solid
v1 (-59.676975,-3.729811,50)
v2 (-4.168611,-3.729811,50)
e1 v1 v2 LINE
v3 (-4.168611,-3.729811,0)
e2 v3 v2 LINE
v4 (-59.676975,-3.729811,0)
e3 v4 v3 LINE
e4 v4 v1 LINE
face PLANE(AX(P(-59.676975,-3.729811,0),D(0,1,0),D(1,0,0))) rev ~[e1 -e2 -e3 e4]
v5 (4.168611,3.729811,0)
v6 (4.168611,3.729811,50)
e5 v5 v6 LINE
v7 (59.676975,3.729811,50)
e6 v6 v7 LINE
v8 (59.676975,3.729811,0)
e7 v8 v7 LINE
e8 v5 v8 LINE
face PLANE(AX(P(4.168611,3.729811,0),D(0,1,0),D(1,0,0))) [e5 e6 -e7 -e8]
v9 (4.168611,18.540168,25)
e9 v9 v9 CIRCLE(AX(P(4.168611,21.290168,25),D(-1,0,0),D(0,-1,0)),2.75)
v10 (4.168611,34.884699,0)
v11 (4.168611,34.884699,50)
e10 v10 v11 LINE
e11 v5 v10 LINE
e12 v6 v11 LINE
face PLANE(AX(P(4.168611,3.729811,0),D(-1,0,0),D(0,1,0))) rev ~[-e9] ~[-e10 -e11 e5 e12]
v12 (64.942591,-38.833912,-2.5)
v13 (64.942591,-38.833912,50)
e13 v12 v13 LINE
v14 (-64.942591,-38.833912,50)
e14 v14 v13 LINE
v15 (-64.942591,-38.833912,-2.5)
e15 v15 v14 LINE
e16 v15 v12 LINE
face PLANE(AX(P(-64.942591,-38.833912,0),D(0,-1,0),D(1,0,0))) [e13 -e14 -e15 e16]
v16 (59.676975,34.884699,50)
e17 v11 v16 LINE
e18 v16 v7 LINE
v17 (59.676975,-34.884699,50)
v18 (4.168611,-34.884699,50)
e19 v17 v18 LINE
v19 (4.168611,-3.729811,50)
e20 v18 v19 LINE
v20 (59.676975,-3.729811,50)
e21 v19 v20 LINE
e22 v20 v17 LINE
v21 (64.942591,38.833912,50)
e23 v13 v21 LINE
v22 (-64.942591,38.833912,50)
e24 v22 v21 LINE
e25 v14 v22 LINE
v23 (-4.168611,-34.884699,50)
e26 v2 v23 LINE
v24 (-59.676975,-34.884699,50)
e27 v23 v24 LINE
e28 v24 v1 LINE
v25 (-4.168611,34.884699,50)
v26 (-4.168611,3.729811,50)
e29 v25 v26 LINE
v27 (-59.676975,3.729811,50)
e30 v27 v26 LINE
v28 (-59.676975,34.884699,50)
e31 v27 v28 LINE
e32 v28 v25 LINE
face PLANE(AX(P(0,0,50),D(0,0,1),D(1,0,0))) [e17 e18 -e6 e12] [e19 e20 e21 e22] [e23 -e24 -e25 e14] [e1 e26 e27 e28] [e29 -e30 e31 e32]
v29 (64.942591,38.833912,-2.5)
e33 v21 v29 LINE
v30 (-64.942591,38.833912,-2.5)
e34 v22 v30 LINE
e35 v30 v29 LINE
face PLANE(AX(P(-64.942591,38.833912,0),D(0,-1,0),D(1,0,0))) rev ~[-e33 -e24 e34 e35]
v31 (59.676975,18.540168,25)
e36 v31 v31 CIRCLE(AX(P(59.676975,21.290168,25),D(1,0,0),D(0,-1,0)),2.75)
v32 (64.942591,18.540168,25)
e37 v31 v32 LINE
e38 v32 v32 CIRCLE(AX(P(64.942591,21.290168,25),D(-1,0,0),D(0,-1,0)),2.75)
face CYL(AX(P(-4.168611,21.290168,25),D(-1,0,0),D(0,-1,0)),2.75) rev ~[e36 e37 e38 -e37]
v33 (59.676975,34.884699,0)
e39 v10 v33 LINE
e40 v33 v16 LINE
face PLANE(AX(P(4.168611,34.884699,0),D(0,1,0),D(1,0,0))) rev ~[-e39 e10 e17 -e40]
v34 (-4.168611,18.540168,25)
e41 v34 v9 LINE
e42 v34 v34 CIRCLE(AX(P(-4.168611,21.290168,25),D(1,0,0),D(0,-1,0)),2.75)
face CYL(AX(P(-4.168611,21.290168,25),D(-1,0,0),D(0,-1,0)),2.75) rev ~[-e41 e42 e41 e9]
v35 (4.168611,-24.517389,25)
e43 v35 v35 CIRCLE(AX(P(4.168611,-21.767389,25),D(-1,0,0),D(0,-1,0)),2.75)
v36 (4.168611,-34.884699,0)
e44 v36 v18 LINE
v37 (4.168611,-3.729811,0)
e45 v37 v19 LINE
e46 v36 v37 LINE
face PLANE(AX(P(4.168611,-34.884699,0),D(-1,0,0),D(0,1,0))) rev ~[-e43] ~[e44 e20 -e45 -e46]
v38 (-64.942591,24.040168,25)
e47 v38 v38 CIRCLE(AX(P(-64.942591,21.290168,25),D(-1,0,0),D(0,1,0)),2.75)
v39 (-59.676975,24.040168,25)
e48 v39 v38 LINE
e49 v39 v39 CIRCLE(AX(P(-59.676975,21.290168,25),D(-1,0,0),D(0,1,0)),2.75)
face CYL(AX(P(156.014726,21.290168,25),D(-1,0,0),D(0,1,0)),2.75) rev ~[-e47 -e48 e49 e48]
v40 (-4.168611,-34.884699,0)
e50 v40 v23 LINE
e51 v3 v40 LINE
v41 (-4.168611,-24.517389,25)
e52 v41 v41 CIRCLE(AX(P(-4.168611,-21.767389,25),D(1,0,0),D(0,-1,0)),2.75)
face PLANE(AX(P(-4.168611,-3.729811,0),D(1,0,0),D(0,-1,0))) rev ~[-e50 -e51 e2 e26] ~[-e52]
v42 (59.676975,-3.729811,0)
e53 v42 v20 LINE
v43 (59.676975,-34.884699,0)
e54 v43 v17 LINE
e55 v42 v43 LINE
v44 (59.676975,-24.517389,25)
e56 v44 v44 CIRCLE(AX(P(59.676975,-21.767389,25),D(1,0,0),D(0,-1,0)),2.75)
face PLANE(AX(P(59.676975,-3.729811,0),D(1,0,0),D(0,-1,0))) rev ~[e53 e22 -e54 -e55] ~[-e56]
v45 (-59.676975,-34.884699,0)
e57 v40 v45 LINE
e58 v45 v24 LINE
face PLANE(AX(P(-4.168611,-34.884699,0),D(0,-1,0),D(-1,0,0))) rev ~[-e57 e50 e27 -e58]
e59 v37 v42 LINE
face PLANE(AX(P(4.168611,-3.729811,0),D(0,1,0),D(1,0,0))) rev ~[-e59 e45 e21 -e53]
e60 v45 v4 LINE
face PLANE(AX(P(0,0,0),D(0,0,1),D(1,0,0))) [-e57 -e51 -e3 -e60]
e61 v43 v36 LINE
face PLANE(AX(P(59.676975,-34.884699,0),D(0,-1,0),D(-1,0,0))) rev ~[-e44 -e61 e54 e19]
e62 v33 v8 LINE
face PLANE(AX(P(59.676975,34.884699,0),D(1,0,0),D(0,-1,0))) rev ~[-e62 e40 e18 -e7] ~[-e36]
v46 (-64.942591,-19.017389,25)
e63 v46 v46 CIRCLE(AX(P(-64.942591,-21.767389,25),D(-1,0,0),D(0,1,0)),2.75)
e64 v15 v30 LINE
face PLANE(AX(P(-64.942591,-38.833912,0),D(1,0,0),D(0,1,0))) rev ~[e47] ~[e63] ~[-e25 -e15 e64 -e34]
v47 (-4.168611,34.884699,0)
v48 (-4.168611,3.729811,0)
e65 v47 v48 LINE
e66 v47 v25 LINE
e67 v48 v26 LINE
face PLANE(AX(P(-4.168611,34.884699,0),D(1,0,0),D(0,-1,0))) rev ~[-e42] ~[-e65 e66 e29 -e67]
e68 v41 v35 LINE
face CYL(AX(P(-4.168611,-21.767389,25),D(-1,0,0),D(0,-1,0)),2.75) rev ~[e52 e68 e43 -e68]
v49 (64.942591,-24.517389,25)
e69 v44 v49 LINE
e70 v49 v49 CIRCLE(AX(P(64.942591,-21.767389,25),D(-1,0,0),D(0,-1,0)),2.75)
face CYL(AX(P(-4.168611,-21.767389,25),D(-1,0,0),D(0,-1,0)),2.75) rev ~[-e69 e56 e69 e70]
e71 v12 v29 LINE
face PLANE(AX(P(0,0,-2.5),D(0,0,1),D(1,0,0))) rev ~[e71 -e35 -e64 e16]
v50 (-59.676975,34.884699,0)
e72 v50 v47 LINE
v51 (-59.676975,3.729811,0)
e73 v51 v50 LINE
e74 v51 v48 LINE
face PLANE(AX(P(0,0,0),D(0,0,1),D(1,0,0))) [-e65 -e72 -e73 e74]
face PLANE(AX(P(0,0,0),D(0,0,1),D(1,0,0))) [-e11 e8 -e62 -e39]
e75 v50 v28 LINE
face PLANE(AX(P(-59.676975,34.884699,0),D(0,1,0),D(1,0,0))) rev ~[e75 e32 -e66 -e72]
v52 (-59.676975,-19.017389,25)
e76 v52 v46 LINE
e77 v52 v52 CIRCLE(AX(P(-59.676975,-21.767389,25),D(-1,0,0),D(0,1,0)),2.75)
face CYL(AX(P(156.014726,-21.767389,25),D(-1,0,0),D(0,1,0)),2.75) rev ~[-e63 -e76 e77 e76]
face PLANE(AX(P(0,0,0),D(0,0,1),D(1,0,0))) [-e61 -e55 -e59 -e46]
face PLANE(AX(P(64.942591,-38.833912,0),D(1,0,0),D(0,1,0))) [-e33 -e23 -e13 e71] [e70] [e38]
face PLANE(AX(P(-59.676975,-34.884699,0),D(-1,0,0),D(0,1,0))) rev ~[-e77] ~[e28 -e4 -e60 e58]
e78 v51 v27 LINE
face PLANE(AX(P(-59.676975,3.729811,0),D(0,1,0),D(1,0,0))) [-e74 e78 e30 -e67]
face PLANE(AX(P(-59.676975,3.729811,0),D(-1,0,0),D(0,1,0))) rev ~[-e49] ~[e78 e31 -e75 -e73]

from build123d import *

# Parameters (mm, degrees)
F0_W     = 129.8851817846
F0_H     = 77.667824924
F0_W_2   = 55.5083644576
F0_H_2   = 7.4596218765
F0_W_3   = 55.5083635263
F1_DEPTH = 50
F0_H_3   = 31.1548877507
F2_DEPTH = 2.5
F4_D     = 5.5
F4_DEPTH = 69.1122023778
F5_D     = 5.5


with BuildPart() as f1:
    # F0 (on Top) → F1 (new body)
    with BuildSketch(Plane.XY):
        Rectangle(F0_W, F0_H)
        Polygon((-59.6769750118, 3.7298109382), (-59.6769750118, 34.884698689), (-4.1686114855, 34.884698689), (4.1686105542, 34.884698689), (59.6769750118, 34.884698689), (59.6769750118, 3.7298109382), (59.6769750118, -3.7298109382), (59.6769750118, -34.884698689), (4.1686105542, -34.884698689), (-4.1686114855, -34.884698689), (-59.6769750118, -34.884698689), (-59.6769750118, -3.7298109382), align=None, mode=Mode.SUBTRACT)
        with Locations((31.922792783, 0)):
            Rectangle(F0_W_2, F0_H_2)
        with Locations((-31.9227932487, 0)):
            Rectangle(F0_W_3, F0_H_2)
        Polygon((4.1686105542, 34.884698689), (-4.1686114855, 34.884698689), (-4.1686114855, 3.7298109382), (-4.1686114855, -3.7298109382), (-4.1686114855, -34.884698689), (4.1686105542, -34.884698689), (4.1686105542, -3.7298109382), (4.1686105542, 3.7298109382), align=None)
    extrude(amount=F1_DEPTH)

    # F0 (on Top) → F2 (join)
    with BuildSketch(Plane.XY):
        Rectangle(F0_W, F0_H)
        Polygon((-59.6769750118, 3.7298109382), (-59.6769750118, 34.884698689), (-4.1686114855, 34.884698689), (4.1686105542, 34.884698689), (59.6769750118, 34.884698689), (59.6769750118, 3.7298109382), (59.6769750118, -3.7298109382), (59.6769750118, -34.884698689), (4.1686105542, -34.884698689), (-4.1686114855, -34.884698689), (-59.6769750118, -34.884698689), (-59.6769750118, -3.7298109382), align=None, mode=Mode.SUBTRACT)
        with Locations((-31.9227932487, -19.3072548136)):
            Rectangle(F0_W_3, F0_H_3)
        with Locations((-31.9227932487, 19.3072548136)):
            Rectangle(F0_W_3, F0_H_3)
        with Locations((31.922792783, -19.3072548136)):
            Rectangle(F0_W_2, F0_H_3)
        with Locations((31.922792783, 19.3072548136)):
            Rectangle(F0_W_2, F0_H_3)
        with Locations((31.922792783, 0)):
            Rectangle(F0_W_2, F0_H_2)
        Polygon((4.1686105542, 34.884698689), (-4.1686114855, 34.884698689), (-4.1686114855, 3.7298109382), (-4.1686114855, -3.7298109382), (-4.1686114855, -34.884698689), (4.1686105542, -34.884698689), (4.1686105542, -3.7298109382), (4.1686105542, 3.7298109382), align=None)
        with Locations((-31.9227932487, 0)):
            Rectangle(F0_W_3, F0_H_2)
    extrude(amount=-F2_DEPTH)

    # F4 (through all, one way)
    with BuildSketch(Plane(origin=(-4.1686114855, 0, 0), x_dir=(0, -1, 0), z_dir=(-1, 0, 0))):
        with Locations((21.7673890293, 25), (-21.2901681662, 25)):
            Circle(F4_D / 2)
    extrude(amount=-F4_DEPTH, mode=Mode.SUBTRACT)

    # F5 (through all)
    with Locations(Plane(origin=(-4.1686114855, 0, 0), x_dir=(0, -1, 0), z_dir=(1, 0, 0))):
        with Locations((-21.2901681662, -25), (21.7673890293, -25)):
            Hole(F5_D / 2)


solid = f1.part
